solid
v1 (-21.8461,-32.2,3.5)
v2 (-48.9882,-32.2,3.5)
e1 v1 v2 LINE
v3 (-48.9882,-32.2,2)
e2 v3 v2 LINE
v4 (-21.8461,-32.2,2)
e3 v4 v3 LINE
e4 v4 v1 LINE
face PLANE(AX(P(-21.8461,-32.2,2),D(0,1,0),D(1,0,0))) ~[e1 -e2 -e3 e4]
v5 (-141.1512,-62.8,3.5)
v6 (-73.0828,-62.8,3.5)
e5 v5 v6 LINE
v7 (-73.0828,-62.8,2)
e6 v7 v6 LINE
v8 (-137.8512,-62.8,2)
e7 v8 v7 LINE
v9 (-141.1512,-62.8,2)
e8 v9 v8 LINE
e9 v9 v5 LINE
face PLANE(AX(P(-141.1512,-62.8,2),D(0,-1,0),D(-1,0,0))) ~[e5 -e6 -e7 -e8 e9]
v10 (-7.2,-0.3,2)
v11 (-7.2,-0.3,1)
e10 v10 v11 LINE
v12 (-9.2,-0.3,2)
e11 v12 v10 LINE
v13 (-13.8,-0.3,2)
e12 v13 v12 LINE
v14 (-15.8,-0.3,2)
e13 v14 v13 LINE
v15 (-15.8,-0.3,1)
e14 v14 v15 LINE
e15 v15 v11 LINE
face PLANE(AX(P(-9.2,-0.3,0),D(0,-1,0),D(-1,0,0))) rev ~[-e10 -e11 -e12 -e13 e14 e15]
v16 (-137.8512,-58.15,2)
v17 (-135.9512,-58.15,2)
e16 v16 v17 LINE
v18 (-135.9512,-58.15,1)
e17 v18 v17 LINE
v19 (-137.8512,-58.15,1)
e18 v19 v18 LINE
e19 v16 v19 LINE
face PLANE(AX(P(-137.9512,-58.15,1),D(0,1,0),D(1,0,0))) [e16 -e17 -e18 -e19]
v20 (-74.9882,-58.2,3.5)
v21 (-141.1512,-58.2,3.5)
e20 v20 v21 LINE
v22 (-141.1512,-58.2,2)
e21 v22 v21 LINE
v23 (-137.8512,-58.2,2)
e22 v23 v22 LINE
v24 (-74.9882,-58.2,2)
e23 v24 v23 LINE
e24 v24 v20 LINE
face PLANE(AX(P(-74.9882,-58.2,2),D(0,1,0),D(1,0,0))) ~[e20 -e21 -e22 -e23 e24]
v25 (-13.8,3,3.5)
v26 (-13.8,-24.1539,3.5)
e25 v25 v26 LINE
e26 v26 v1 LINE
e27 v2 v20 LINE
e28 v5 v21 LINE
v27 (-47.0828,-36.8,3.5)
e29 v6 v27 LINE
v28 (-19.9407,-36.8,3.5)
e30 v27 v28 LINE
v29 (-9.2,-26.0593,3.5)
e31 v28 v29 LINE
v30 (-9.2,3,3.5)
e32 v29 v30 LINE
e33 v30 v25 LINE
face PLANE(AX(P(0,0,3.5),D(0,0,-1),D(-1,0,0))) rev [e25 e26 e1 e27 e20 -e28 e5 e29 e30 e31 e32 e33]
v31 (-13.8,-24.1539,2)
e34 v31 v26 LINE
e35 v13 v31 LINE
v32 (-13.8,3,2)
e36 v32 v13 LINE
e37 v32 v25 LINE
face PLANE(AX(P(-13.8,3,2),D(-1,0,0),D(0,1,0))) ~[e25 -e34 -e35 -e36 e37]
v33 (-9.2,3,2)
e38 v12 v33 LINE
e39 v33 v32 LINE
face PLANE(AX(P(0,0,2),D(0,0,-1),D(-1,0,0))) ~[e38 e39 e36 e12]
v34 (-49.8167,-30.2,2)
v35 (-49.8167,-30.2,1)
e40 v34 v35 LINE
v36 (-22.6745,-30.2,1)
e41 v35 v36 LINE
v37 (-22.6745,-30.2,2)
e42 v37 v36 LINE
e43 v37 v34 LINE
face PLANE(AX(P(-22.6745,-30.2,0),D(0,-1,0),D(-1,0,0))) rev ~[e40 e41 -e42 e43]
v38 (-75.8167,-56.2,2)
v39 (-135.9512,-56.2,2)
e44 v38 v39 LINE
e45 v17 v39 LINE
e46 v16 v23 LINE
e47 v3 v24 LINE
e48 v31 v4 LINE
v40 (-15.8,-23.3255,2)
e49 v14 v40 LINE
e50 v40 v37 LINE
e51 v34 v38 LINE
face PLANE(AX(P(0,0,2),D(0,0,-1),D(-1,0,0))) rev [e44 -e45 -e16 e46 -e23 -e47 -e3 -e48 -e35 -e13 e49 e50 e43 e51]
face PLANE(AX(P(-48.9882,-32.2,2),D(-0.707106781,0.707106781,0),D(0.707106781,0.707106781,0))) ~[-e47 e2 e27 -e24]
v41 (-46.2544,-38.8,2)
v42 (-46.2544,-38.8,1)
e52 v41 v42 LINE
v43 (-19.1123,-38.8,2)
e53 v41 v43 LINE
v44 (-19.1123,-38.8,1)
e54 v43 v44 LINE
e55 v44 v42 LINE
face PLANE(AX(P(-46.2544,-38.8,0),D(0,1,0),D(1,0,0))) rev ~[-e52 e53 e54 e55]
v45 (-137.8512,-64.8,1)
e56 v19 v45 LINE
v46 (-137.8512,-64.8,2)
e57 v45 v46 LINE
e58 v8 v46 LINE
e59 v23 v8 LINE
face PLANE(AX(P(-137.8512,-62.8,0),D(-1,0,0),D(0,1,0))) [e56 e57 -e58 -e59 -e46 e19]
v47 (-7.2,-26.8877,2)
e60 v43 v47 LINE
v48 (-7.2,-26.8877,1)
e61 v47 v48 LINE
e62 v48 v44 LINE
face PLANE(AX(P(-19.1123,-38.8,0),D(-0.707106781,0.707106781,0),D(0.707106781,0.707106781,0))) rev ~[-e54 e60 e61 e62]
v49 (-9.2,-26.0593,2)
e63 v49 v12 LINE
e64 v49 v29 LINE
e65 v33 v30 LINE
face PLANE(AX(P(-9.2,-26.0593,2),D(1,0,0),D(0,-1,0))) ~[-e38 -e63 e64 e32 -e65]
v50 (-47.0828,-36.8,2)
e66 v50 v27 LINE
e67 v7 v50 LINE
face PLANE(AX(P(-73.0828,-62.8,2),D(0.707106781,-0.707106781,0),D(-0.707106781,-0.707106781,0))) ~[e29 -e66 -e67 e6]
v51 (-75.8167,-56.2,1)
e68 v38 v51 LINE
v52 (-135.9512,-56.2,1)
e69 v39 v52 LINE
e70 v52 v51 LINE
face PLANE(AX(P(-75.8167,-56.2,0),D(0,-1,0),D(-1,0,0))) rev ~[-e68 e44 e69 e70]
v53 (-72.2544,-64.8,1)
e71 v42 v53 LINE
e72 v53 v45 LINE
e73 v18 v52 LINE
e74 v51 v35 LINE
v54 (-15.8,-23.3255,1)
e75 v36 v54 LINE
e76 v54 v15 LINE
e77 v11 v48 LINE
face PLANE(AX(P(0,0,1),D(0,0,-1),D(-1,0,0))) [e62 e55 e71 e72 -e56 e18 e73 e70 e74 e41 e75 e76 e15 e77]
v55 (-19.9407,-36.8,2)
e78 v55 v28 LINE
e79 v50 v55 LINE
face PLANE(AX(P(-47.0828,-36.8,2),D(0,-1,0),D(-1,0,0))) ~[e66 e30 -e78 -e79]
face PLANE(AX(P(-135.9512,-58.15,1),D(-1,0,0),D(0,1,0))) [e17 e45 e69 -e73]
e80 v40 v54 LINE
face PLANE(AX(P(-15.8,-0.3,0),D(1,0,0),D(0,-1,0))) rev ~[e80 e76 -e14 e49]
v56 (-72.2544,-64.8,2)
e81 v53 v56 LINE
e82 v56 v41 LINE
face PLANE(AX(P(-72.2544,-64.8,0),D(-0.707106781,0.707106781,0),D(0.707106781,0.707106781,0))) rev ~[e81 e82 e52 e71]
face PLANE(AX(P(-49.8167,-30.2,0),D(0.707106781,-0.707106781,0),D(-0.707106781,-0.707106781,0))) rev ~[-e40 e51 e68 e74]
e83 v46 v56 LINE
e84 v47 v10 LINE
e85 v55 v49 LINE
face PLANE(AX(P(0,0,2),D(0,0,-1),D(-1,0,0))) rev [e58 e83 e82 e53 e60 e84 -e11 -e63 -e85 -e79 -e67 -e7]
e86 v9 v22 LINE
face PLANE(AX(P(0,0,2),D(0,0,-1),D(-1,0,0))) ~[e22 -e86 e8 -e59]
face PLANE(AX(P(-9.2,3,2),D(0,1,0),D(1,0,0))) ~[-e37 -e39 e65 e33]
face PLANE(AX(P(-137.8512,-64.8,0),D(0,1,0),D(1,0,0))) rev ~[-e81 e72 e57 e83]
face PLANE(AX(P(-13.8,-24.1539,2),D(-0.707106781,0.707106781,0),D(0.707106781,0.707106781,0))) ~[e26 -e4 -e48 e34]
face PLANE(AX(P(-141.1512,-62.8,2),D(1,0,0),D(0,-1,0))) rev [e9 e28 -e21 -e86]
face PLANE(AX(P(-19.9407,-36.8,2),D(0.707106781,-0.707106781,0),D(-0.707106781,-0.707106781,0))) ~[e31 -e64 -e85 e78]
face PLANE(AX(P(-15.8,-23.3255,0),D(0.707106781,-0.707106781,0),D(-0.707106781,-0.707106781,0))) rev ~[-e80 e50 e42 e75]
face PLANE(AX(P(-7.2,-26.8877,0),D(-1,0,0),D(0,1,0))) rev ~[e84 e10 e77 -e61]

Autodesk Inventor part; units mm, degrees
ref_plane "YZ Plane" through (0, 0, 0) normal (1, 0, 0) x (0, 1, 0)
ref_plane "XZ Plane" through (0, 0, 0) normal (0, 1, 0) x (-1, 0, 0)
ref_plane "XY Plane" through (0, 0, 0) normal (0, 0, 1) x (1, 0, 0)
sketch "Эскиз1" plane through (0, 0, 0) normal (0, 0, 1) x (1, 0, 0)
  line L0 (-136.1512, -7) -> (-131.1512, -2) projected
  line L1 (-131.1512, -2) -> (-99.224, -2) projected
  line L2 (-19, -2) -> (-19, -22) projected
  line L3 (-19, -22) -> (-24, -27) projected
  line L4 (-24, -27) -> (-30.8711, -27) projected
  line L5 (-136.1512, -27) -> (-136.1512, -7) projected
  line L6 (-141.1512, -58) -> (-75.0711, -58) projected
  line L7 (-75.0711, -58) -> (-49.0711, -32) projected
  line L8 (-49.0711, -32) -> (-21.9289, -32) projected
  line L9 (-21.9289, -32) -> (-14, -24.0711) projected
  line L10 (-14, -24.0711) -> (-14, 3) projected
  line L11 (-133.2223, 3) -> (-14, 3) projected
  line L12 (-133.2223, 3) -> (-141.1512, -4.9289) projected
  line L13 (-141.1512, -58) -> (-141.1512, -4.9289) projected
  line L14 (-44.9289, -42) -> (-24.8579, -42) projected
  line L15 (-24.8579, -42) -> (-45.8579, -63) projected
  line L16 (-45.8579, -63) -> (-65.9289, -63) projected
  line L17 (-65.9289, -63) -> (-44.9289, -42) projected
  line L18 (-4, 3) -> (-9, 3) projected
  line L19 (-9, 3) -> (-9, -26.1421) projected
  line L20 (-9, -26.1421) -> (-19.8579, -37) projected
  line L21 (-19.8579, -37) -> (-47, -37) projected
  line L22 (-47, -37) -> (-73, -63) projected
  line L23 (-73, -63) -> (-141.1512, -63) projected
  line L24 (-141.1512, -67.9) -> (-141.1512, -63) projected
  line L25 (-47.0828, -36.8) -> (-19.9407, -36.8)
  line L26 (-19.9407, -36.8) -> (-9.2, -26.0593)
  line L27 (-9.2, -26.0593) -> (-9.2, 3.2)
  line L28 (-9.2, 3.2) -> (3.2, 3.2)
  line L29 (3.2, 3.2) -> (3.2, -31.1955)
  line L30 (3.2, -31.1955) -> (-40.7045, -75.1)
  line L31 (-40.7045, -75.1) -> (-141.3512, -75.1)
  line L32 (-141.3512, -75.1) -> (-141.3512, -62.8)
  line L33 (-141.3512, -62.8) -> (-73.0828, -62.8)
  line L34 (-73.0828, -62.8) -> (-47.0828, -36.8)
  line L35 (-21.8461, -32.2) -> (-48.9882, -32.2)
  line L36 (-48.9882, -32.2) -> (-74.9882, -58.2)
  line L37 (-74.9882, -58.2) -> (-141.3512, -58.2)
  line L38 (-141.3512, -58.2) -> (-141.3512, -4.8461)
  line L39 (-141.3512, -4.8461) -> (-133.3051, 3.2)
  line L40 (-133.3051, 3.2) -> (-13.8, 3.2)
  line L41 (-13.8, 3.2) -> (-13.8, -24.1539)
  line L42 (-13.8, -24.1539) -> (-21.8461, -32.2)
  line L43 (-9, 3) -> (-14, 3)
  line L44 (-141.1512, -63) -> (-141.1512, -58)
  line L45 (-99.224, -2) -> (-93.5671, -2) projected
  line L46 (-93.5671, -2) -> (-86.696, -2) projected
  line L47 (-86.696, -2) -> (-81.0391, -2) projected
  line L48 (-81.0391, -2) -> (-74.168, -2) projected
  line L49 (-74.168, -2) -> (-68.5111, -2) projected
  line L50 (-68.5111, -2) -> (-61.64, -2) projected
  line L51 (-61.64, -2) -> (-55.9831, -2) projected
  line L52 (-55.9831, -2) -> (-49.112, -2) projected
  line L53 (-49.112, -2) -> (-43.4551, -2) projected
  line L54 (-43.4551, -2) -> (-36.584, -2) projected
  line L55 (-36.584, -2) -> (-30.9271, -2) projected
  line L56 (-30.9271, -2) -> (-19, -2) projected
  line L57 (-30.8711, -27) -> (-36.528, -27) projected
  line L58 (-36.528, -27) -> (-43.3991, -27) projected
  line L59 (-43.3991, -27) -> (-49.056, -27) projected
  line L60 (-49.056, -27) -> (-55.9271, -27) projected
  line L61 (-55.9271, -27) -> (-61.584, -27) projected
  line L62 (-61.584, -27) -> (-68.4551, -27) projected
  line L63 (-68.4551, -27) -> (-74.112, -27) projected
  line L64 (-74.112, -27) -> (-80.9831, -27) projected
  line L65 (-80.9831, -27) -> (-86.64, -27) projected
  line L66 (-86.64, -27) -> (-93.5111, -27) projected
  line L67 (-93.5111, -27) -> (-99.168, -27) projected
  line L68 (-99.168, -27) -> (-106.0391, -27) projected
  line L69 (-106.0391, -27) -> (-111.696, -27) projected
  line L70 (-111.696, -27) -> (-136.1512, -27) projected
  line L71 (-43.6868, -67.9) -> (-141.1512, -67.9) projected
  line L72 (-4, -28.2132) -> (-43.6868, -67.9) projected
  line L73 (-4, 3) -> (-4, -28.2132) projected
  point P0 (-9.2, 3)
  point P1 (-13.8, 3)
  point P2 (-141.1512, -58.2)
  point P3 (-141.1512, -62.8)
  dimension "d15" = 0.2
  dimension "d16" = 0.2
extrude "Выдавливание1" add sketch "Эскиз1" against normal blind 1.5 contours L37 L36 L35 L42 L41 L43 L27 L26 L25 L34 L33 L44
sketch "Эскиз2" plane through (0, 0, 0) normal (0, 0, 1) x (1, 0, 0)
  line L0 (-9.2, -26.0593) -> (-9.2, 3) projected
  line L1 (-9.2, 3) -> (-13.8, 3) projected
  line L2 (-13.8, 3) -> (-13.8, -24.1539) projected
  line L3 (-13.8, -24.1539) -> (-21.8461, -32.2) projected
  line L4 (-21.8461, -32.2) -> (-48.9882, -32.2) projected
  line L5 (-48.9882, -32.2) -> (-74.9882, -58.2) projected
  line L6 (-74.9882, -58.2) -> (-141.1512, -58.2) projected
  line L7 (-141.1512, -58.2) -> (-141.1512, -62.8) projected
  line L8 (-141.1512, -62.8) -> (-73.0828, -62.8) projected
  line L9 (-73.0828, -62.8) -> (-47.0828, -36.8) projected
  line L10 (-47.0828, -36.8) -> (-19.9407, -36.8) projected
  line L11 (-19.9407, -36.8) -> (-9.2, -26.0593) projected
  line L12 (-7.2, -26.8877) -> (-7.2, 5)
  line L13 (-7.2, 5) -> (-15.8, 5)
  line L14 (-15.8, 5) -> (-15.8, -23.3255)
  line L15 (-15.8, -23.3255) -> (-22.6745, -30.2)
  line L16 (-22.6745, -30.2) -> (-49.8167, -30.2)
  line L17 (-49.8167, -30.2) -> (-75.8167, -56.2)
  line L18 (-75.8167, -56.2) -> (-143.1512, -56.2)
  line L19 (-143.1512, -56.2) -> (-143.1512, -64.8)
  line L20 (-143.1512, -64.8) -> (-72.2544, -64.8)
  line L21 (-72.2544, -64.8) -> (-46.2544, -38.8)
  line L22 (-46.2544, -38.8) -> (-19.1123, -38.8)
  line L23 (-19.1123, -38.8) -> (-7.2, -26.8877)
  line L24 (-138.1512, -66.9) -> (-138.1512, -63) projected
  line L25 (-138.1512, -64.8) -> (-137.8512, -64.8)
  line L26 (-137.8512, -64.8) -> (-137.8512, -56.2)
  line L27 (-5.3, 0) -> (-14, 0) projected
  line L28 (-7.2, 0) -> (-7.2, -0.3)
  line L29 (-7.2, -0.3) -> (-15.8, -0.3)
  dimension "d17" = 2
  dimension "d18" = 0.3
  dimension "d19" = 0.3
extrude "Выдавливание2" add sketch "Эскиз2" along normal blind 1 contours L11 L10 L9 L8 L26 L6 L5 L4 L3 L2 L29 L0 | L0 L29 L12 L23 L22 L21 L20 L26 L8 L9 L10 L11 | L2 L3 L4 L5 L6 L26 L18 L17 L16 L15 L14 L29
mirror "Зеркальное отражение1" about plane through (-72.5256, -32.55, 1) normal (0, 0, 1) of "Выдавливание2", "Выдавливание1"
sketch "Эскиз3" plane through (0, 0, -1.5) normal (0, 0, -1) x (-1, 0, 0)
  line L0 (163, 30) -> (-28, 30)
  line L1 (-28, 30) -> (-28, -127)
  line L2 (-28, -127) -> (163, -127)
  line L3 (163, -127) -> (163, 30)
  point P0 (0, 0)
extrude "Выдавливание3" cut sketch "Эскиз3" against normal blind 2.5
sketch "Эскиз4" plane through (0, 0, 1) normal (0, 0, -1) x (-1, 0, 0)
  line L0 (39.0089, -22.15) -> (21.8668, -22.15) projected
  line L1 (21.8668, -22.15) -> (13.85, -14.1332) projected
  line L2 (13.85, -14.1332) -> (13.85, 3) projected
  line L3 (13.85, 3) -> (9.15, 3) projected
  line L4 (9.15, 3) -> (9.15, -16.08) projected
  line L5 (9.15, -16.08) -> (19.92, -26.85) projected
  line L6 (19.92, -26.85) -> (37.0621, -26.85) projected
  line L7 (37.0621, -26.85) -> (73.0621, -62.85) projected
  line L8 (73.0621, -62.85) -> (141.1512, -62.85) projected
  line L9 (141.1512, -62.85) -> (141.1512, -58.15) projected
  line L10 (141.1512, -58.15) -> (75.0089, -58.15) projected
  line L11 (75.0089, -58.15) -> (39.0089, -22.15) projected
  line L12 (9.15, -16.08) -> (9.15, -0.2) projected
  line L13 (6, -0.2) -> (9.15, -0.2) projected
  line L14 (6, -17.3848) -> (6, -0.2) projected
  line L15 (18.6152, -30) -> (6, -17.3848) projected
  line L16 (35.7574, -30) -> (18.6152, -30) projected
  line L17 (71.7574, -66) -> (35.7574, -30) projected
  line L18 (137.9512, -66) -> (71.7574, -66) projected
  line L19 (137.9512, -62.85) -> (137.9512, -66) projected
  line L20 (137.9512, -62.85) -> (73.0621, -62.85) projected
  line L21 (73.0621, -62.85) -> (37.0621, -26.85) projected
  line L22 (37.0621, -26.85) -> (19.92, -26.85) projected
  line L23 (19.92, -26.85) -> (9.15, -16.08) projected
  line L24 (13.85, -0.2) -> (13.85, -14.1332) projected
  line L25 (13.85, -14.1332) -> (21.8668, -22.15) projected
  line L26 (21.8668, -22.15) -> (39.0089, -22.15) projected
  line L27 (39.0089, -22.15) -> (75.0089, -58.15) projected
  line L28 (75.0089, -58.15) -> (137.9512, -58.15) projected
  line L29 (137.9512, -55) -> (137.9512, -58.15) projected
  line L30 (76.3137, -55) -> (137.9512, -55) projected
  line L31 (40.3137, -19) -> (76.3137, -55) projected
  line L32 (23.1716, -19) -> (40.3137, -19) projected
  line L33 (17, -12.8284) -> (23.1716, -19) projected
  line L34 (17, -0.2) -> (17, -12.8284) projected
  line L35 (13.85, -0.2) -> (17, -0.2) projected
  line L36 (137.9512, -58.15) -> (135.9512, -58.15)
  line L37 (135.9512, -58.15) -> (135.9512, -55)
  line L38 (135.9512, -55) -> (137.9512, -55)
  line L39 (137.9512, -55) -> (137.9512, -58.15)
  point P0 (0, 0)
  point P1 (135.9512, -58.15)
  dimension "d12" = 2
extrude "Выдавливание4" cut sketch "Эскиз4" against normal blind 1 contours L37 L30 L29 L10
properties part number "left_line"
